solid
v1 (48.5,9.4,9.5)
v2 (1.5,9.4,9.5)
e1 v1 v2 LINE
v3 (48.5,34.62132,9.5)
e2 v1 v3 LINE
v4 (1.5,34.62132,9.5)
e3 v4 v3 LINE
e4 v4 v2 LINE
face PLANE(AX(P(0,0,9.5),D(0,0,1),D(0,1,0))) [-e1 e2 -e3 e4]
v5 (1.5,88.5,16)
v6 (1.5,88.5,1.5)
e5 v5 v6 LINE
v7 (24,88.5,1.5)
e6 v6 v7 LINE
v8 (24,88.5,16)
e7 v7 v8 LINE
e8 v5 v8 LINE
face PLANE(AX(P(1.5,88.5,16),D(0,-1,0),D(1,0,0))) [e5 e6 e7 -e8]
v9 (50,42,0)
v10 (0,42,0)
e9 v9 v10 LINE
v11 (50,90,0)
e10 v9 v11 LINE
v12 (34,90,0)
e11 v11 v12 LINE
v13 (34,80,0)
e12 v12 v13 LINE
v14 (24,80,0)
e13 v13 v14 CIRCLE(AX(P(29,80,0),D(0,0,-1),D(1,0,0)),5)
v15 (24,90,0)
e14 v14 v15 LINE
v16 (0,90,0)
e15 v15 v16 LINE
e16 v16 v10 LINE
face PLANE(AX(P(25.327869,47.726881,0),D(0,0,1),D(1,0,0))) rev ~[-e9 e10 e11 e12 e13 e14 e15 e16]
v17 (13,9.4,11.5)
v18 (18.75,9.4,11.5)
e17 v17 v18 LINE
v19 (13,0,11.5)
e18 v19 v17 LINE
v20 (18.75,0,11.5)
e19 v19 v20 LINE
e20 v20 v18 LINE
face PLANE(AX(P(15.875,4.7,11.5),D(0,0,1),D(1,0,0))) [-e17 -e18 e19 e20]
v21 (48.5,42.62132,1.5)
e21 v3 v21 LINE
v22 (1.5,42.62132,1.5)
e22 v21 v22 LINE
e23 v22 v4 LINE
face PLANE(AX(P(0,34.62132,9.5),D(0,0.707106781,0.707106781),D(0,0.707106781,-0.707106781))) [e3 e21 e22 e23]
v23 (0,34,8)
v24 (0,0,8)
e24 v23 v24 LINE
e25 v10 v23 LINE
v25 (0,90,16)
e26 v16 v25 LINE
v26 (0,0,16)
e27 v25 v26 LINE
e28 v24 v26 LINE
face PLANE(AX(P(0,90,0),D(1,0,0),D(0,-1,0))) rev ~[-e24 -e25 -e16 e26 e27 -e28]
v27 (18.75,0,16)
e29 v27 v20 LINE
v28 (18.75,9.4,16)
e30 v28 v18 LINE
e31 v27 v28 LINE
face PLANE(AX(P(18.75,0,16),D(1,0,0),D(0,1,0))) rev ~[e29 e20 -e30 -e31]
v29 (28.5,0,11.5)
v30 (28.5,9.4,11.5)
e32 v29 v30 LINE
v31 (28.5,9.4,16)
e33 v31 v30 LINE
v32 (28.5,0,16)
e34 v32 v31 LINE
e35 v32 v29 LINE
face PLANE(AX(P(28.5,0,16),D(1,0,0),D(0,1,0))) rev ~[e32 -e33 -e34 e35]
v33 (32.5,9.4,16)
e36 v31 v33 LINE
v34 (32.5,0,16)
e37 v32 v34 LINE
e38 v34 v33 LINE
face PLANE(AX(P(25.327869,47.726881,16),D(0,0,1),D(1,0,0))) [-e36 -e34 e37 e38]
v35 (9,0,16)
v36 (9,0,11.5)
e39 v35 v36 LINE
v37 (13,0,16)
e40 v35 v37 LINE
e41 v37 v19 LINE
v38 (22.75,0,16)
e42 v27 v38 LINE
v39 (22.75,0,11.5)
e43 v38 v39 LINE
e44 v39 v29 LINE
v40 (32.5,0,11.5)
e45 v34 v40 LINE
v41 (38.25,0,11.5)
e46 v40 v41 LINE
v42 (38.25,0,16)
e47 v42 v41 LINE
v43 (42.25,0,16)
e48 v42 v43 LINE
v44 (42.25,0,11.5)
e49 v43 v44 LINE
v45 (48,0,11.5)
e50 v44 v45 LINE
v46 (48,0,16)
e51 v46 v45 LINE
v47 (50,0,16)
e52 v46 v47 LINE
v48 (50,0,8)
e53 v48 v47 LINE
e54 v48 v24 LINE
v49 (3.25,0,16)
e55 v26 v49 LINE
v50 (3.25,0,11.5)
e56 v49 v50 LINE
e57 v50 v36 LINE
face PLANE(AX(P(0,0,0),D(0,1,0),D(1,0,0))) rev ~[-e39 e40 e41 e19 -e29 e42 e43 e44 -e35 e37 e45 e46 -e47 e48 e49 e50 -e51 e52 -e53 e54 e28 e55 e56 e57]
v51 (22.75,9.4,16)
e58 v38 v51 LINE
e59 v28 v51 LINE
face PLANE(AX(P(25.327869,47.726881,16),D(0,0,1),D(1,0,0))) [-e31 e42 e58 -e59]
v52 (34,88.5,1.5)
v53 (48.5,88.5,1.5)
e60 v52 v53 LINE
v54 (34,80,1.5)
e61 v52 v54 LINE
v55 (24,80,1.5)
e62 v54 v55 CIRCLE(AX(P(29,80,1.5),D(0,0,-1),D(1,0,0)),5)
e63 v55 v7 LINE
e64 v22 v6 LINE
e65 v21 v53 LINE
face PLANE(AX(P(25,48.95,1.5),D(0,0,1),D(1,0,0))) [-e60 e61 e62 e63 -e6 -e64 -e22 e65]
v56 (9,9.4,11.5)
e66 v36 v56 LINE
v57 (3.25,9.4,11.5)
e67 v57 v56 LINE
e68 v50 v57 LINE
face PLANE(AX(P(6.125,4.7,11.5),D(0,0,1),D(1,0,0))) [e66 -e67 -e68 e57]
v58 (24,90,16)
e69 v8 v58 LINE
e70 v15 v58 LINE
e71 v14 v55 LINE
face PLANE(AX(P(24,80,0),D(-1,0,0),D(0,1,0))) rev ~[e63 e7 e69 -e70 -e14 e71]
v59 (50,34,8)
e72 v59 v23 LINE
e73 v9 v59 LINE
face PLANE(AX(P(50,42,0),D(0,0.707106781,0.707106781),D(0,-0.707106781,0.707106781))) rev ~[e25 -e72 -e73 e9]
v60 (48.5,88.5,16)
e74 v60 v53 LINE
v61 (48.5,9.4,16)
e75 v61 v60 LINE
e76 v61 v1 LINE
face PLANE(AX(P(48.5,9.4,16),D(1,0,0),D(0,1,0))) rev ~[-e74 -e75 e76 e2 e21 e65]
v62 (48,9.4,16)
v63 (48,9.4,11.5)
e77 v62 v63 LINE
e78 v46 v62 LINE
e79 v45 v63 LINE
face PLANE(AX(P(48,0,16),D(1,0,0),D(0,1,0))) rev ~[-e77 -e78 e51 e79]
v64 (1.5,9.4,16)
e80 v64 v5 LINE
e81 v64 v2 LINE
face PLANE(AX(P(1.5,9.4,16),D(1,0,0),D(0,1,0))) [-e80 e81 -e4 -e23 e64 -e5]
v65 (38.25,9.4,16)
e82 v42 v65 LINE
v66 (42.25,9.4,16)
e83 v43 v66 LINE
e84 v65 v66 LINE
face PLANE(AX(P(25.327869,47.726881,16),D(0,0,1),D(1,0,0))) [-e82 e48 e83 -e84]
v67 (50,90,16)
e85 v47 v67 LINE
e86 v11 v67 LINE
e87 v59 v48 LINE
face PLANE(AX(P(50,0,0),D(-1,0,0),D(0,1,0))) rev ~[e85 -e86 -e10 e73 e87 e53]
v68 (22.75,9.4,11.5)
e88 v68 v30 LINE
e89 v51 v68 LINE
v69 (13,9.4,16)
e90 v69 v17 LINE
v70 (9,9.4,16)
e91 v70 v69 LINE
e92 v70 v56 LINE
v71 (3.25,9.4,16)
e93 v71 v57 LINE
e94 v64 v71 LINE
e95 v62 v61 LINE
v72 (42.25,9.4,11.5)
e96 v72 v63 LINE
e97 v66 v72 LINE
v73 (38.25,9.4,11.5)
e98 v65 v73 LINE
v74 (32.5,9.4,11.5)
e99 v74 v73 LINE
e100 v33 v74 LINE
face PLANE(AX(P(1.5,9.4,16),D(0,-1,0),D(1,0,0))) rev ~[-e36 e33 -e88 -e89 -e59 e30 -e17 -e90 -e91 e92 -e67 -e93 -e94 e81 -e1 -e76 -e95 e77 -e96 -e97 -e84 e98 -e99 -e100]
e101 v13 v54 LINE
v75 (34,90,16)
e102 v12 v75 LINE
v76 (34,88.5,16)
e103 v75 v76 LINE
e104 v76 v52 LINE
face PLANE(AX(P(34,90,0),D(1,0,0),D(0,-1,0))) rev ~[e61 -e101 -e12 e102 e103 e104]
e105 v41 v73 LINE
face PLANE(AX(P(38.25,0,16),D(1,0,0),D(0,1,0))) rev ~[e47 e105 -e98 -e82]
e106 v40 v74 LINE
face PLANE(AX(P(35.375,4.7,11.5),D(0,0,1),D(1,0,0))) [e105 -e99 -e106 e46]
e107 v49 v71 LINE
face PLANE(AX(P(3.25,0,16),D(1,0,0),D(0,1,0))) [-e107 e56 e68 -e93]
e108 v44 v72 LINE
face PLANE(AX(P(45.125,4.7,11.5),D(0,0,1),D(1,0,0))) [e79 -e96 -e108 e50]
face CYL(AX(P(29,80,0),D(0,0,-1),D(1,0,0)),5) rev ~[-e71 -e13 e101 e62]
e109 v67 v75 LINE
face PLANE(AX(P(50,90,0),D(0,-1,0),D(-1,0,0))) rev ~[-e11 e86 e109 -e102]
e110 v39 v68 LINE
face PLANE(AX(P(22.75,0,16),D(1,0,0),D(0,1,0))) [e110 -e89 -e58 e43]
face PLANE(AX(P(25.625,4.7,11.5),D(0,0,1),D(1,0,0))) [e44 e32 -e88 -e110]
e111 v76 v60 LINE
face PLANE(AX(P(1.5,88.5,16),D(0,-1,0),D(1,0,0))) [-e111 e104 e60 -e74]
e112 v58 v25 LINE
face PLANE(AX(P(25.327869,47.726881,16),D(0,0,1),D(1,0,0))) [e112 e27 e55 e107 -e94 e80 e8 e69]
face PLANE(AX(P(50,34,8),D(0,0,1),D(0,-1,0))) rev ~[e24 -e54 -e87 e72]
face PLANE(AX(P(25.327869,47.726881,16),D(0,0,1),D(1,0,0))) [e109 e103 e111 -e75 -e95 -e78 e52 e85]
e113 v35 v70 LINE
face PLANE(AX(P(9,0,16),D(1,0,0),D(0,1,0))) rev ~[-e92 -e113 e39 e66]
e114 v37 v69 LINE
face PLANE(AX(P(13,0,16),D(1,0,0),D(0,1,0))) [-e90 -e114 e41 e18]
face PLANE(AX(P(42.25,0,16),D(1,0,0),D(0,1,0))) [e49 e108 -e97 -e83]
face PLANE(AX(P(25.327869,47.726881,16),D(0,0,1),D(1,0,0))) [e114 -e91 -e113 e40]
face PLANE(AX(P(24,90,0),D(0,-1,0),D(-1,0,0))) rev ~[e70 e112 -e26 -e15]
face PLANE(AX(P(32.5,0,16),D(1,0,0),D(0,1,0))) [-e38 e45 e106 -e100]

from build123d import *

# Parameters (mm, degrees)
F1_DEPTH = 16
F2_W     = 47
F2_H     = 79.1
F3_DEPTH = 14.5
F4_W     = 5.75
F4_H     = 9.4
F5_DEPTH = 4.5
F7_DEPTH = 50.001
F9_DEPTH = 48.5


with BuildPart() as f1:
    # F0 (on Top) → F1 (new body)
    with BuildSketch(Plane.XY):
        with BuildLine():
            Line((0, 90), (0, 0))
            Line((0, 0), (50, 0))
            Line((50, 0), (50, 90))
            Line((50, 90), (34, 90))
            Line((34, 90), (34, 80))
            ThreePointArc((34, 80), (29, 75), (24, 80))
            Line((24, 80), (24, 90))
            Line((24, 90), (0, 90))
        make_face()
    extrude(amount=F1_DEPTH)

    # F2 (on face) → F3 (cut, through all)
    with BuildSketch(Plane.XY.offset(16)):
        with Locations((25, 48.95)):
            Rectangle(F2_W, F2_H)
    extrude(amount=-F3_DEPTH, mode=Mode.SUBTRACT)

    # F4 (on face) → F5 (cut)
    with BuildSketch(Plane.XY.offset(16)):
        with Locations((45.125, 4.7)):
            Rectangle(F4_W, F4_H)
        with Locations((35.375, 4.7)):
            Rectangle(F4_W, F4_H)
        with Locations((25.625, 4.7)):
            Rectangle(F4_W, F4_H)
        with Locations((15.875, 4.7)):
            Rectangle(F4_W, F4_H)
        with Locations((6.125, 4.7)):
            Rectangle(F4_W, F4_H)
    extrude(amount=-F5_DEPTH, mode=Mode.SUBTRACT)

    # F6 (on face) → F7 (cut, through all)
    with BuildSketch(Plane.YZ.offset(50)):
        Polygon((0, 8), (0, 0), (42, 0), (34, 8), align=None)
    extrude(amount=-F7_DEPTH, mode=Mode.SUBTRACT)

    # F8 (on face) → F9 (join, through all)
    with BuildSketch(Plane(origin=(0, 0, 0), x_dir=(0, -1, 0), z_dir=(-1, 0, 0))):
        Polygon((-42, 0), (-34, 8), (0, 8), (0, 9.5), (-34.6213203436, 9.5), (-44.1213203436, 0), align=None)
    extrude(amount=-F9_DEPTH)


solid = f1.part
